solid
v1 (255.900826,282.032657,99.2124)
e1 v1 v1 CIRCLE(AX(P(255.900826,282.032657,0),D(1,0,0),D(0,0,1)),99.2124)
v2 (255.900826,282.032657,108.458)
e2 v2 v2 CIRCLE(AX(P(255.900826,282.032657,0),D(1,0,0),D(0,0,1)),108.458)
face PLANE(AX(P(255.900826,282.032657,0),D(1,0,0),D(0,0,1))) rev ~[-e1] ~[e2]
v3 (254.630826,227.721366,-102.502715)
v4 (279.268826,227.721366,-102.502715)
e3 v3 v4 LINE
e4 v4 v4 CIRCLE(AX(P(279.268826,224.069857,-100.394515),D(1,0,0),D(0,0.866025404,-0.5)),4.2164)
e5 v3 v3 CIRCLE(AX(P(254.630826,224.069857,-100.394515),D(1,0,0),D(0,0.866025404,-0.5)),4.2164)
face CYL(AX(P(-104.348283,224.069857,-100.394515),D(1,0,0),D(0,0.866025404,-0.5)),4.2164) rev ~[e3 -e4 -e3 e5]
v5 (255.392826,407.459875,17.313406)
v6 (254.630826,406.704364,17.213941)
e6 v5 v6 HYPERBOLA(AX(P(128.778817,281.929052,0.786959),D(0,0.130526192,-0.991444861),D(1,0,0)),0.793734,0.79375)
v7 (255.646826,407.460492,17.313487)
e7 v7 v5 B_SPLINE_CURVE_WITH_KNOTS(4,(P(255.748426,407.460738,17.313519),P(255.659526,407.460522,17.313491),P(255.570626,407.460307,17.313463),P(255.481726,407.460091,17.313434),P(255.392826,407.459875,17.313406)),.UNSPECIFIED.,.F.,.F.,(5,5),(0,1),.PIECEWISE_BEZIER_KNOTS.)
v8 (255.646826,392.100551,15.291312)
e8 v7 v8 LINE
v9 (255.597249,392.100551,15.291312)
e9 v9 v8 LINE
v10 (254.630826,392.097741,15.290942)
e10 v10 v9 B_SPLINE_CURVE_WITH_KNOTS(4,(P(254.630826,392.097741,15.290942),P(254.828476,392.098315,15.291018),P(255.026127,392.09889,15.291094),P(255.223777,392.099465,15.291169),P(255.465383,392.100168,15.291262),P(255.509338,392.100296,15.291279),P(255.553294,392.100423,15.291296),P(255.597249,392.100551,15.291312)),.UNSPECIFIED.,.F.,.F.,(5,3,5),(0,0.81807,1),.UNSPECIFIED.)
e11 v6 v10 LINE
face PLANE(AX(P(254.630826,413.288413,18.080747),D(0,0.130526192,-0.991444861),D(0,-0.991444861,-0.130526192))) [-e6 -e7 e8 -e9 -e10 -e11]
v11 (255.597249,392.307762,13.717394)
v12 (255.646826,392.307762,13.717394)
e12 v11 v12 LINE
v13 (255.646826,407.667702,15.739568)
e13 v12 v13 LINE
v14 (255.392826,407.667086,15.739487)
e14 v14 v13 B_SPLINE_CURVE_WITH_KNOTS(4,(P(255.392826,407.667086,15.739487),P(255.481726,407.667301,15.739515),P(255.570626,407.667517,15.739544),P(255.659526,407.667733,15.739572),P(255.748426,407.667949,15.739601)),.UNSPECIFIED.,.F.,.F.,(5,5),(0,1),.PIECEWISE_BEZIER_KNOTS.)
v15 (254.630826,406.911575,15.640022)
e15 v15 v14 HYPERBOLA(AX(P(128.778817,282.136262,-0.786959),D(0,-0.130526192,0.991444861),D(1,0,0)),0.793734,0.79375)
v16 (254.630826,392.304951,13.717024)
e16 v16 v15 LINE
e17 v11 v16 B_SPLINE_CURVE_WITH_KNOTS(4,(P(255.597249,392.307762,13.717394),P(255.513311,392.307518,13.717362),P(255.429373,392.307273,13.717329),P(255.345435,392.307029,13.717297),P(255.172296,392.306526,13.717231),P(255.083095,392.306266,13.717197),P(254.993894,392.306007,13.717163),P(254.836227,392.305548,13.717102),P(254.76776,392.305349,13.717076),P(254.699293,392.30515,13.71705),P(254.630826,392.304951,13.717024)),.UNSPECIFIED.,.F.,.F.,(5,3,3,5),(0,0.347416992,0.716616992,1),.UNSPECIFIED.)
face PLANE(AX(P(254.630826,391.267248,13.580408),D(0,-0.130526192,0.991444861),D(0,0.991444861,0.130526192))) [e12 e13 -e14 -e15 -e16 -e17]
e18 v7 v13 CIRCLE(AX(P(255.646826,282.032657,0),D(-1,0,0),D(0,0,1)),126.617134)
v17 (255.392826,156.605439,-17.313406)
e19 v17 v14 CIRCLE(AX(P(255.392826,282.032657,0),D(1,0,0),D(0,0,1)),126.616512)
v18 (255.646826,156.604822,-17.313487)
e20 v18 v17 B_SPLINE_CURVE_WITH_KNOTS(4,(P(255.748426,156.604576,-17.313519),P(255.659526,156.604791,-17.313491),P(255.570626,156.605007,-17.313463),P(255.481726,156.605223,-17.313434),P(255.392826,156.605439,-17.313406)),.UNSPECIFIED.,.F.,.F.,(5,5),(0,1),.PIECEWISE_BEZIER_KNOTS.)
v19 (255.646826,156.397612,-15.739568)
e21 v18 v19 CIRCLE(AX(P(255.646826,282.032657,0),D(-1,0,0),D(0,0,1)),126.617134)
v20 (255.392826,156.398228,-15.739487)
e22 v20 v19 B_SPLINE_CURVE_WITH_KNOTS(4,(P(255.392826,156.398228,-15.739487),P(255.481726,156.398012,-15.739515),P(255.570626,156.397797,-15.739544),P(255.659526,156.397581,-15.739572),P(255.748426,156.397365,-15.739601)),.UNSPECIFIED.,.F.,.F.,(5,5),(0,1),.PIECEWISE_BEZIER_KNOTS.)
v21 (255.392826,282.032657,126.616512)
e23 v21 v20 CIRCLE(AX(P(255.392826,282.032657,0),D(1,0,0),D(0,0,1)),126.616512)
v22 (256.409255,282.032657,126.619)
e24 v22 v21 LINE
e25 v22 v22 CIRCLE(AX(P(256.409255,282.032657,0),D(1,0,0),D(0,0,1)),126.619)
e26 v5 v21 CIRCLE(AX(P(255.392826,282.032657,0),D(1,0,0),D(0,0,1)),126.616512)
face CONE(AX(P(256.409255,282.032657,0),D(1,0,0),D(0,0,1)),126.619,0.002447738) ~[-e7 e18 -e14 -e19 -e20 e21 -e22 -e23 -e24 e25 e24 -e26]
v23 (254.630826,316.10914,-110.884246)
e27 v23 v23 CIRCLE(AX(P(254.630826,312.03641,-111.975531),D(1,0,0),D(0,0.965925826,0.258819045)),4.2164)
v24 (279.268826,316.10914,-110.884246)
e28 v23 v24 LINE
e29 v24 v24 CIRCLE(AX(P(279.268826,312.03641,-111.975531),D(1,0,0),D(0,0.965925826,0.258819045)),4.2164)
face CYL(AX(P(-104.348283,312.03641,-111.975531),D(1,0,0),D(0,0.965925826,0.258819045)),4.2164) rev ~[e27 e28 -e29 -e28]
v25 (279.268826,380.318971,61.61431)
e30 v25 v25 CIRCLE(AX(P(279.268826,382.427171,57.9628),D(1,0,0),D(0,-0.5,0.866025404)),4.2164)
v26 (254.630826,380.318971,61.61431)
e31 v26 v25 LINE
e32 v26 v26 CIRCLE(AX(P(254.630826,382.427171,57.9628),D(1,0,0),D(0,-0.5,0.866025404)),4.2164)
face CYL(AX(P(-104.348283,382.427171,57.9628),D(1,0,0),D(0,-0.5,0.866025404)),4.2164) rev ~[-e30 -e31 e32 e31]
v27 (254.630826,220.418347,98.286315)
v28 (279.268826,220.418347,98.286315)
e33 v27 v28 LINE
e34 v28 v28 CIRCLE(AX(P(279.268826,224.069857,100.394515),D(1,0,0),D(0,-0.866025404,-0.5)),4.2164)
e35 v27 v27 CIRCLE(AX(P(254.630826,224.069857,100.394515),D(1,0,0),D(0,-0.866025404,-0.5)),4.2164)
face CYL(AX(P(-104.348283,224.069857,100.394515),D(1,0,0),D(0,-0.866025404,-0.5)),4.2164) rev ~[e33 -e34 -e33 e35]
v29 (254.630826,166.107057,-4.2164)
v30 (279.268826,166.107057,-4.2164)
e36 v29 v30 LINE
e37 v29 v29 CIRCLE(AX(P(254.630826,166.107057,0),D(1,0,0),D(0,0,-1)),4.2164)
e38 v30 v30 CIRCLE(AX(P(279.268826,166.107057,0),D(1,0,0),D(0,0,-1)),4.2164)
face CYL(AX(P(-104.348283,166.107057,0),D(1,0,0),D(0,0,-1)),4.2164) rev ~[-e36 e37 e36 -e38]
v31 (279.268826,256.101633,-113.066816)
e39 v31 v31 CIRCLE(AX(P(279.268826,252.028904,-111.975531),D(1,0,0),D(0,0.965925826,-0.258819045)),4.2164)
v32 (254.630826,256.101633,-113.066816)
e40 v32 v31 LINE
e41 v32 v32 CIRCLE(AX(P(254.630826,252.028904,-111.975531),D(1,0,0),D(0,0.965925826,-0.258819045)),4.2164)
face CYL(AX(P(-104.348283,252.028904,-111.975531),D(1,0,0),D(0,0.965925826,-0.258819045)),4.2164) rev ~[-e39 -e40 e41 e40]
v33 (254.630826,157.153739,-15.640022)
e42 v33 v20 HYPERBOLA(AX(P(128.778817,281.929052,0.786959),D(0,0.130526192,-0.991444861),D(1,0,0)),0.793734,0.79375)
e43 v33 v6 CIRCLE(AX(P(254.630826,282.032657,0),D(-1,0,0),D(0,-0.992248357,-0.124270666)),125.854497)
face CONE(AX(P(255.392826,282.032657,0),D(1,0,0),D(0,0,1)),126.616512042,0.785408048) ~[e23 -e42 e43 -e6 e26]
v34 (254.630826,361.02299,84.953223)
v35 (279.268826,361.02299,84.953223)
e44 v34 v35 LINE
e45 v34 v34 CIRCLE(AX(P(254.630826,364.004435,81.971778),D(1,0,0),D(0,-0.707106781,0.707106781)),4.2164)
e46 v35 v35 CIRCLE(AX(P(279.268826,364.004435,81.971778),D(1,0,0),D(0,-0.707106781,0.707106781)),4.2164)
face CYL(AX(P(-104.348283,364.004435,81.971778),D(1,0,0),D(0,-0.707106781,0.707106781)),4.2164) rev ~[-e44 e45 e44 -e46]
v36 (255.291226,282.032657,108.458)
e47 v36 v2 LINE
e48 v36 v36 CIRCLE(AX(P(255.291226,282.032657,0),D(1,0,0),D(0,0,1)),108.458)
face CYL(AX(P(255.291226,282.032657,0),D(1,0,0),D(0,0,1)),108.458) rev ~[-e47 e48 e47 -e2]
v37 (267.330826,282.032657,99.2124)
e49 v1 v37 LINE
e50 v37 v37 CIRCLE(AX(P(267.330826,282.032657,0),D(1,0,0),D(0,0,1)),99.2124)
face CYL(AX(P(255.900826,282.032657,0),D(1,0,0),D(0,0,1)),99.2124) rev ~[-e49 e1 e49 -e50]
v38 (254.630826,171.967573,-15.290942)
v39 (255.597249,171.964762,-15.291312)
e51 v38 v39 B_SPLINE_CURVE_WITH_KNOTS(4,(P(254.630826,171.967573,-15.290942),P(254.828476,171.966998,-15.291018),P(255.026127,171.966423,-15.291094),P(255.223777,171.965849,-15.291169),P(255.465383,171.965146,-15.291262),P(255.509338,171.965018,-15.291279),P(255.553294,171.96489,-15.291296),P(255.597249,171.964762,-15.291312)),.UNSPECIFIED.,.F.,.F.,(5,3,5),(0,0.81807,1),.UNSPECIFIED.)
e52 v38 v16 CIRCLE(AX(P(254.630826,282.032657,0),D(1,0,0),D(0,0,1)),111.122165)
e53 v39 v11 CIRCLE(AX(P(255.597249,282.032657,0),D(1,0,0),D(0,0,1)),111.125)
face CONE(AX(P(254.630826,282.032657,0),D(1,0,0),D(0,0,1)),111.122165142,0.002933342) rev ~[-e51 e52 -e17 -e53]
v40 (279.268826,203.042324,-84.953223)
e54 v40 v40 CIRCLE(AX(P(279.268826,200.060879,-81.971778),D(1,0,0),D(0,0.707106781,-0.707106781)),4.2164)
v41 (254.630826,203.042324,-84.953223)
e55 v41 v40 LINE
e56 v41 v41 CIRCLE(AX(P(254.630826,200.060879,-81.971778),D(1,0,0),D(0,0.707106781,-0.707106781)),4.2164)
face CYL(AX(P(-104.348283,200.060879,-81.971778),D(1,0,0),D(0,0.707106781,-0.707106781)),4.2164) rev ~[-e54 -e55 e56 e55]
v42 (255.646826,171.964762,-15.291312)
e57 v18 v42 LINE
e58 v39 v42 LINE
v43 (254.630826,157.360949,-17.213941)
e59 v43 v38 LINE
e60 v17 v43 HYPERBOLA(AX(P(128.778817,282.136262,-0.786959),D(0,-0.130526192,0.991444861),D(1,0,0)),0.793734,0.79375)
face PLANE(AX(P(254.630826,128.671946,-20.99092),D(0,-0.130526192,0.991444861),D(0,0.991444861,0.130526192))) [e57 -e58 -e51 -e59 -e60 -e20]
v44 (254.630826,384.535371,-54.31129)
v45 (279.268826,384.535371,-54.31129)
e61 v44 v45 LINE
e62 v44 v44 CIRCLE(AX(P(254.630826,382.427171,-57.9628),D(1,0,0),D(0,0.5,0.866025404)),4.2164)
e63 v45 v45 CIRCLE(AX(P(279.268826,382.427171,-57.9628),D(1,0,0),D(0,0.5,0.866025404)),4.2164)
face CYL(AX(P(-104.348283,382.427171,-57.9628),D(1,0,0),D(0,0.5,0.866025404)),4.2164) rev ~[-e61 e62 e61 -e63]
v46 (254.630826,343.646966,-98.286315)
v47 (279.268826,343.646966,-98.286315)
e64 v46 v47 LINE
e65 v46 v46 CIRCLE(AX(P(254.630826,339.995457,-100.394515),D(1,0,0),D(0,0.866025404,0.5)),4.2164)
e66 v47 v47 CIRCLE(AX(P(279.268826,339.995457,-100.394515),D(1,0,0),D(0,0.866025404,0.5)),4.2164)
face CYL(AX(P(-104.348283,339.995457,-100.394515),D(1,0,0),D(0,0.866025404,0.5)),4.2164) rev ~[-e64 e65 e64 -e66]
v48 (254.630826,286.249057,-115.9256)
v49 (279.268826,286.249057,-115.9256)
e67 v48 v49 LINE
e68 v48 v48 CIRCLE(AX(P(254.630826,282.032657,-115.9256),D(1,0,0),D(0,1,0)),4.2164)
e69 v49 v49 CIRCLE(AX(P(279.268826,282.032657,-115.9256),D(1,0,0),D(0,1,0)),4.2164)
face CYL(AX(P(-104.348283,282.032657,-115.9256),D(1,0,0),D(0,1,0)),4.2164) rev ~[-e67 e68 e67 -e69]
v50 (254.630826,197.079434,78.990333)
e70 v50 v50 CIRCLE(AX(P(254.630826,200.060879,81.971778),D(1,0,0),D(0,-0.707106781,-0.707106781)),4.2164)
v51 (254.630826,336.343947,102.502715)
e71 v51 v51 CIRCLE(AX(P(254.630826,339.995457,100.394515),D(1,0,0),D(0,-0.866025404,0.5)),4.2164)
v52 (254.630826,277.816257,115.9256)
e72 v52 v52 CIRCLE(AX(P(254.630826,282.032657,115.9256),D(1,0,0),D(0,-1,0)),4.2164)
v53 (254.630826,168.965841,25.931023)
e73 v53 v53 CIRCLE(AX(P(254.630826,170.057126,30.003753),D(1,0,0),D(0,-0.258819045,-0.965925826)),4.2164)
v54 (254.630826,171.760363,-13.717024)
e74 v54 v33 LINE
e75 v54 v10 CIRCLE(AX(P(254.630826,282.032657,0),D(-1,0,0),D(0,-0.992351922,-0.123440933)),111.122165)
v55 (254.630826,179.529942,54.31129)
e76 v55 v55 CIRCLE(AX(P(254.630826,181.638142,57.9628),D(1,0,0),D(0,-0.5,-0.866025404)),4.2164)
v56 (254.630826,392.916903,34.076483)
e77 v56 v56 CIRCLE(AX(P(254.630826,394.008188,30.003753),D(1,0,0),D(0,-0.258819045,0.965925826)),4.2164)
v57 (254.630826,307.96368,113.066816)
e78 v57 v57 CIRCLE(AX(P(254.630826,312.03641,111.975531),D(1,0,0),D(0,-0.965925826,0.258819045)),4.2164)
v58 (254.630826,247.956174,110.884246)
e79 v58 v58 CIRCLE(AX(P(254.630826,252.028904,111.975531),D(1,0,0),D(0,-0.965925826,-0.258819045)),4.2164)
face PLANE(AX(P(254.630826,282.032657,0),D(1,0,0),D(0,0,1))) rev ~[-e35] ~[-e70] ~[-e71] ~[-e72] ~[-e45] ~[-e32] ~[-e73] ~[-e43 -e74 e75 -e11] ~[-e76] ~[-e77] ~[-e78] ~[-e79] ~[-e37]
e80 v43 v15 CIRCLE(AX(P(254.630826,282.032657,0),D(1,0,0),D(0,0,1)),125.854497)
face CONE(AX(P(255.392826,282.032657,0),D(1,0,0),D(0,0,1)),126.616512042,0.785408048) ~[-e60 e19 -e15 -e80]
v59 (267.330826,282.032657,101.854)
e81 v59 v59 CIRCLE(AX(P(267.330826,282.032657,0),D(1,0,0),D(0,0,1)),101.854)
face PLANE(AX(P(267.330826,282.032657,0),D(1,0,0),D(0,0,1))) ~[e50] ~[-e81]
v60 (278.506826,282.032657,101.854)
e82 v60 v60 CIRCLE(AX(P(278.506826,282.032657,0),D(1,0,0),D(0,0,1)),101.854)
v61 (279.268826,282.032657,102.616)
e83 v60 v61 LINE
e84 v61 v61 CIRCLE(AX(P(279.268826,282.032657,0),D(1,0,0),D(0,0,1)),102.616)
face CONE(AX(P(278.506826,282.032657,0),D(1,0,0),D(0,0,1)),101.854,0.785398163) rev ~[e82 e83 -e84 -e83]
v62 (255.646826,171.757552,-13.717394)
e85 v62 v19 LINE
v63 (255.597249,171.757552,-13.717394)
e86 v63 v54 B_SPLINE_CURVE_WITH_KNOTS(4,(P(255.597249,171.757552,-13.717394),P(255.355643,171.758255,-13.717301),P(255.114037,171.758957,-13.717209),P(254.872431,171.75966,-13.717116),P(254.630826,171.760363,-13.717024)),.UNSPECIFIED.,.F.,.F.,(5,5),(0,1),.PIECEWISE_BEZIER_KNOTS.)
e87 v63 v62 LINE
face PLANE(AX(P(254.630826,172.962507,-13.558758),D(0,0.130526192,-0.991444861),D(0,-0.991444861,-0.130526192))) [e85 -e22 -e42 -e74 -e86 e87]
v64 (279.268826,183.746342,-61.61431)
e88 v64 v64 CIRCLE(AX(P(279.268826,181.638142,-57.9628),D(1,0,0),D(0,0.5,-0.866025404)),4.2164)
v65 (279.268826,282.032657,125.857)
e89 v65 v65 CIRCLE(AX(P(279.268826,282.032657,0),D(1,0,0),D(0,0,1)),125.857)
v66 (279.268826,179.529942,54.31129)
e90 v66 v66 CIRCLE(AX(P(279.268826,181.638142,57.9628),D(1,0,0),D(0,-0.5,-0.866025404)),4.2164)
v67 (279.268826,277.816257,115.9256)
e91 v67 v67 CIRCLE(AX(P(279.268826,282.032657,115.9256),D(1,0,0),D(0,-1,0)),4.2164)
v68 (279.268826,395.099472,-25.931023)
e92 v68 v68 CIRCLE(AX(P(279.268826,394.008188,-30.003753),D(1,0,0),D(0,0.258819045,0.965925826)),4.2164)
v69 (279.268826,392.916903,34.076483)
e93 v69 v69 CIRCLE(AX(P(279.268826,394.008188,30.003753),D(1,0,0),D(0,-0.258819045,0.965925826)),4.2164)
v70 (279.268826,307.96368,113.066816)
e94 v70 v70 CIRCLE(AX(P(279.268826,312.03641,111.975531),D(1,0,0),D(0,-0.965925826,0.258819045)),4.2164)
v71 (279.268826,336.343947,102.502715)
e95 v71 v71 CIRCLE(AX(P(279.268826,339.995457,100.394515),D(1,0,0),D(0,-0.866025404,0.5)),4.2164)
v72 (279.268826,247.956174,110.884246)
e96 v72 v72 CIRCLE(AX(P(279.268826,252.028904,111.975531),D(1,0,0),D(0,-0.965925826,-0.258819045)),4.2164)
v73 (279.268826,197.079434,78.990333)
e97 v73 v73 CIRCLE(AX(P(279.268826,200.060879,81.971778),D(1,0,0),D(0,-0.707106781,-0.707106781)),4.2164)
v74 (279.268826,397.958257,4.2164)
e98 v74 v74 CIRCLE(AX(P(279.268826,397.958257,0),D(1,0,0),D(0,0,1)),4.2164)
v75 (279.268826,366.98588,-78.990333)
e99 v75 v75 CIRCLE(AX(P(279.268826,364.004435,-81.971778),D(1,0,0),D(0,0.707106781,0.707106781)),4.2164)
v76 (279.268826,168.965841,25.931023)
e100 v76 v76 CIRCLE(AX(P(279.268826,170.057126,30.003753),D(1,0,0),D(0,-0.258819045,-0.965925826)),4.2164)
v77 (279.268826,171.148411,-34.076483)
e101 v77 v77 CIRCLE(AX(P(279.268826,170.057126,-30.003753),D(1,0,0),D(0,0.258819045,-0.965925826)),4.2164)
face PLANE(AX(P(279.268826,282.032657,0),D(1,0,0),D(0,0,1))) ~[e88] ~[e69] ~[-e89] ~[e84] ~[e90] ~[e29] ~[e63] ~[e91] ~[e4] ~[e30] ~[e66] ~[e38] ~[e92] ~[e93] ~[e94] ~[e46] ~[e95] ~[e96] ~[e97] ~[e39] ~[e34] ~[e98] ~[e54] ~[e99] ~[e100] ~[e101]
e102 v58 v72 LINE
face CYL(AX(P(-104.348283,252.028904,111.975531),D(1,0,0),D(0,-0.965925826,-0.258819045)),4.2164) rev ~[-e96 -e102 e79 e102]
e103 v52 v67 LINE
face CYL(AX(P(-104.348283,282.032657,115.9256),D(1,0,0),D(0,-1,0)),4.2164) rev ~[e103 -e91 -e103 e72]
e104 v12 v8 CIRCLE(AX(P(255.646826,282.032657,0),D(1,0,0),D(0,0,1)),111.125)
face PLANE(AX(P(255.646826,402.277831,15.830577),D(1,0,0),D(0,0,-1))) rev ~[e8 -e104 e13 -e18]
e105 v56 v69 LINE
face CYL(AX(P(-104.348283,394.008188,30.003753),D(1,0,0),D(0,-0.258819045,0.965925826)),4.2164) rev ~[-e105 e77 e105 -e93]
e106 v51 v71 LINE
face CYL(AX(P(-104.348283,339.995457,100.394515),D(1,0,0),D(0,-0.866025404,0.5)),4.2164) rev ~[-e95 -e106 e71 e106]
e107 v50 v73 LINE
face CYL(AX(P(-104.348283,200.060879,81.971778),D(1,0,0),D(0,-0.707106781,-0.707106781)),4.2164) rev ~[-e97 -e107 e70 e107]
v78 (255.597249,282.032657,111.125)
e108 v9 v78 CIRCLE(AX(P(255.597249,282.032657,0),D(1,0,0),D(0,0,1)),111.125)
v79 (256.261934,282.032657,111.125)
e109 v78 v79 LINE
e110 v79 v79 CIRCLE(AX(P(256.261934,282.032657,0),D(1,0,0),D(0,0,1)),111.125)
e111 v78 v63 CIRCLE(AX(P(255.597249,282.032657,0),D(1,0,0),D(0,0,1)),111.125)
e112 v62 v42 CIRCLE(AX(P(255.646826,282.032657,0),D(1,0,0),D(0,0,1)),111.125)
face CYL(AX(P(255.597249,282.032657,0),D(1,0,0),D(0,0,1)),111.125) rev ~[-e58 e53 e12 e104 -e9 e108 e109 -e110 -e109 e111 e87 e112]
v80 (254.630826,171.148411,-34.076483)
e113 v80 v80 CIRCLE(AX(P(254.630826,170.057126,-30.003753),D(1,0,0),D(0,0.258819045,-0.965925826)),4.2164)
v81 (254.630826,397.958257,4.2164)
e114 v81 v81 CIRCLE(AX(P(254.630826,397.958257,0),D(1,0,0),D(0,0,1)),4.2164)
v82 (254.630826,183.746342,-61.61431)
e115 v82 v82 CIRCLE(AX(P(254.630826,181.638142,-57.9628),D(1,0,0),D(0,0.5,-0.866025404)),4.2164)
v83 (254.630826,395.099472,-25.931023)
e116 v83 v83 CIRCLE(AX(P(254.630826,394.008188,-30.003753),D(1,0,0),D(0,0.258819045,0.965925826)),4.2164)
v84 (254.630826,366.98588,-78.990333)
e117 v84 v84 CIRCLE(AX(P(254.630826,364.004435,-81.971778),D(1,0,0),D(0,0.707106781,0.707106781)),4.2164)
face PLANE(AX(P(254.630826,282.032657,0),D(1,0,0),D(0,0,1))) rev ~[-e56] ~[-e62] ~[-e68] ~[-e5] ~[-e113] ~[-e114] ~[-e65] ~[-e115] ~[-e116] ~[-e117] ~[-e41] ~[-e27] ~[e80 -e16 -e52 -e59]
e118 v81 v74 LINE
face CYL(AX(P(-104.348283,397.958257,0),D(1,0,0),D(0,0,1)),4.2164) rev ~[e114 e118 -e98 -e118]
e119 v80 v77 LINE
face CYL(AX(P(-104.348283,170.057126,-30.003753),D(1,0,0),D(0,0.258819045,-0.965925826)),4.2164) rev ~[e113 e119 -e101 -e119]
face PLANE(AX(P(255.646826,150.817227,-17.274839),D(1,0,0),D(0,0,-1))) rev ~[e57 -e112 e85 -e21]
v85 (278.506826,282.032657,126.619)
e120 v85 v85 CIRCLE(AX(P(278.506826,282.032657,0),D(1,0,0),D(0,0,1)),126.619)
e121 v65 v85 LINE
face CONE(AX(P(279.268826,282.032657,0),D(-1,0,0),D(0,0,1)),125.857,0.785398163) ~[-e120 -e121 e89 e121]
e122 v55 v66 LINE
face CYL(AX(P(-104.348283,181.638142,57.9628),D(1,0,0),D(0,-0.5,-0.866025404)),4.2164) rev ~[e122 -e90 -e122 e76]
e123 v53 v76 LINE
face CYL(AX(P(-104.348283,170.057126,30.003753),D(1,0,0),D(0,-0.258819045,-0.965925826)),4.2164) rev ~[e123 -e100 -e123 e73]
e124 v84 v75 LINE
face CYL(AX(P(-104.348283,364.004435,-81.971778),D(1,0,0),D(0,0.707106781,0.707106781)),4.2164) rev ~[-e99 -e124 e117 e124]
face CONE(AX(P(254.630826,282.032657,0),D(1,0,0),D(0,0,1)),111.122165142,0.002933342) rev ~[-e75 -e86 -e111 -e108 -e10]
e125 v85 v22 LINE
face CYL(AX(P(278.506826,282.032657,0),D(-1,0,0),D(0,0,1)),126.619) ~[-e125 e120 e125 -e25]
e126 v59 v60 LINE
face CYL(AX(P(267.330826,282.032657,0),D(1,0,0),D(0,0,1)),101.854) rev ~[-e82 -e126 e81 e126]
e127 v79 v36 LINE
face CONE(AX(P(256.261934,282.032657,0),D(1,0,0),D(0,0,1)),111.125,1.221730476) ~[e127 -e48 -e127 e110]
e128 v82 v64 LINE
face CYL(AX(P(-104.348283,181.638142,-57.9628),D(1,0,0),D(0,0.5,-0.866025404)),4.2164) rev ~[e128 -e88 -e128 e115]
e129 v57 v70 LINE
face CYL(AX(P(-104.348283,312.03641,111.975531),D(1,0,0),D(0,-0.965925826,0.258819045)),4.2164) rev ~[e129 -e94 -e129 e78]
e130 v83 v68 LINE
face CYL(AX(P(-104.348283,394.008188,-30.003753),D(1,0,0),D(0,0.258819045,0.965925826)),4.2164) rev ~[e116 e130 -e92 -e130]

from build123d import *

# Parameters (mm, degrees)
HOLE1_D           = 8.4328
CIRPATTERN1_COUNT = 24
EXTRUDE1_DEPTH    = 1.016


with BuildPart() as part:
    # Sketch1 → Revolve1 (revolve)
    with BuildSketch(Plane.XY):
        Polygon((255.900825698, 390.490656873), (255.900825698, 381.245056873), (267.330825698, 381.245056873), (267.330825698, 383.886656873), (278.506825698, 383.886656873), (279.268825698, 384.648656873), (279.268825698, 407.889656873), (278.506825698, 408.651656873), (256.409254981, 408.651656873), (255.392825698, 408.649168915), (254.630825698, 407.887153851), (254.630825698, 393.154822015), (255.59724885, 393.157656873), (256.261934313, 393.157656873), (255.291225698, 390.490656873), align=None)
    revolve(axis=Axis((234.51052404, 282.032656873, 0), (1, 0, 0)))

    # Hole1 (through all)
    with Locations(Plane(origin=(254.630825698, 397.958256873, 0), x_dir=(0, 0, -1), z_dir=(-1, 0, 0))):
        with Locations((0, 0)):
            hole1 = Hole(HOLE1_D / 2)

    # CirPattern1: Hole1 ×24 about axis
    cirpattern1_axis = Axis((267.330825698, 282.032656873, 0), (-1, 0, 0))
    for i in range(1, CIRPATTERN1_COUNT):
        add(hole1.rotate(cirpattern1_axis, i * 360 / CIRPATTERN1_COUNT), mode=Mode.SUBTRACT)

    # Sketch5 → Extrude1 (cut)
    with BuildSketch(Plane.ZY.offset(-254.630825698)):
        Polygon((17.293788017, 413.392018325), (18.080747375, 413.28841316), (15.154326219, 391.060037623), (13.580407501, 391.267247953), (16.506828658, 413.49562349), align=None)
        Polygon((-19.417001089, 128.464736046), (-20.990919806, 128.671946376), (-15.132677091, 173.169717573), (-13.558758374, 172.962507243), align=None)
    extrude(amount=-EXTRUDE1_DEPTH, mode=Mode.SUBTRACT)


solid = part.part
